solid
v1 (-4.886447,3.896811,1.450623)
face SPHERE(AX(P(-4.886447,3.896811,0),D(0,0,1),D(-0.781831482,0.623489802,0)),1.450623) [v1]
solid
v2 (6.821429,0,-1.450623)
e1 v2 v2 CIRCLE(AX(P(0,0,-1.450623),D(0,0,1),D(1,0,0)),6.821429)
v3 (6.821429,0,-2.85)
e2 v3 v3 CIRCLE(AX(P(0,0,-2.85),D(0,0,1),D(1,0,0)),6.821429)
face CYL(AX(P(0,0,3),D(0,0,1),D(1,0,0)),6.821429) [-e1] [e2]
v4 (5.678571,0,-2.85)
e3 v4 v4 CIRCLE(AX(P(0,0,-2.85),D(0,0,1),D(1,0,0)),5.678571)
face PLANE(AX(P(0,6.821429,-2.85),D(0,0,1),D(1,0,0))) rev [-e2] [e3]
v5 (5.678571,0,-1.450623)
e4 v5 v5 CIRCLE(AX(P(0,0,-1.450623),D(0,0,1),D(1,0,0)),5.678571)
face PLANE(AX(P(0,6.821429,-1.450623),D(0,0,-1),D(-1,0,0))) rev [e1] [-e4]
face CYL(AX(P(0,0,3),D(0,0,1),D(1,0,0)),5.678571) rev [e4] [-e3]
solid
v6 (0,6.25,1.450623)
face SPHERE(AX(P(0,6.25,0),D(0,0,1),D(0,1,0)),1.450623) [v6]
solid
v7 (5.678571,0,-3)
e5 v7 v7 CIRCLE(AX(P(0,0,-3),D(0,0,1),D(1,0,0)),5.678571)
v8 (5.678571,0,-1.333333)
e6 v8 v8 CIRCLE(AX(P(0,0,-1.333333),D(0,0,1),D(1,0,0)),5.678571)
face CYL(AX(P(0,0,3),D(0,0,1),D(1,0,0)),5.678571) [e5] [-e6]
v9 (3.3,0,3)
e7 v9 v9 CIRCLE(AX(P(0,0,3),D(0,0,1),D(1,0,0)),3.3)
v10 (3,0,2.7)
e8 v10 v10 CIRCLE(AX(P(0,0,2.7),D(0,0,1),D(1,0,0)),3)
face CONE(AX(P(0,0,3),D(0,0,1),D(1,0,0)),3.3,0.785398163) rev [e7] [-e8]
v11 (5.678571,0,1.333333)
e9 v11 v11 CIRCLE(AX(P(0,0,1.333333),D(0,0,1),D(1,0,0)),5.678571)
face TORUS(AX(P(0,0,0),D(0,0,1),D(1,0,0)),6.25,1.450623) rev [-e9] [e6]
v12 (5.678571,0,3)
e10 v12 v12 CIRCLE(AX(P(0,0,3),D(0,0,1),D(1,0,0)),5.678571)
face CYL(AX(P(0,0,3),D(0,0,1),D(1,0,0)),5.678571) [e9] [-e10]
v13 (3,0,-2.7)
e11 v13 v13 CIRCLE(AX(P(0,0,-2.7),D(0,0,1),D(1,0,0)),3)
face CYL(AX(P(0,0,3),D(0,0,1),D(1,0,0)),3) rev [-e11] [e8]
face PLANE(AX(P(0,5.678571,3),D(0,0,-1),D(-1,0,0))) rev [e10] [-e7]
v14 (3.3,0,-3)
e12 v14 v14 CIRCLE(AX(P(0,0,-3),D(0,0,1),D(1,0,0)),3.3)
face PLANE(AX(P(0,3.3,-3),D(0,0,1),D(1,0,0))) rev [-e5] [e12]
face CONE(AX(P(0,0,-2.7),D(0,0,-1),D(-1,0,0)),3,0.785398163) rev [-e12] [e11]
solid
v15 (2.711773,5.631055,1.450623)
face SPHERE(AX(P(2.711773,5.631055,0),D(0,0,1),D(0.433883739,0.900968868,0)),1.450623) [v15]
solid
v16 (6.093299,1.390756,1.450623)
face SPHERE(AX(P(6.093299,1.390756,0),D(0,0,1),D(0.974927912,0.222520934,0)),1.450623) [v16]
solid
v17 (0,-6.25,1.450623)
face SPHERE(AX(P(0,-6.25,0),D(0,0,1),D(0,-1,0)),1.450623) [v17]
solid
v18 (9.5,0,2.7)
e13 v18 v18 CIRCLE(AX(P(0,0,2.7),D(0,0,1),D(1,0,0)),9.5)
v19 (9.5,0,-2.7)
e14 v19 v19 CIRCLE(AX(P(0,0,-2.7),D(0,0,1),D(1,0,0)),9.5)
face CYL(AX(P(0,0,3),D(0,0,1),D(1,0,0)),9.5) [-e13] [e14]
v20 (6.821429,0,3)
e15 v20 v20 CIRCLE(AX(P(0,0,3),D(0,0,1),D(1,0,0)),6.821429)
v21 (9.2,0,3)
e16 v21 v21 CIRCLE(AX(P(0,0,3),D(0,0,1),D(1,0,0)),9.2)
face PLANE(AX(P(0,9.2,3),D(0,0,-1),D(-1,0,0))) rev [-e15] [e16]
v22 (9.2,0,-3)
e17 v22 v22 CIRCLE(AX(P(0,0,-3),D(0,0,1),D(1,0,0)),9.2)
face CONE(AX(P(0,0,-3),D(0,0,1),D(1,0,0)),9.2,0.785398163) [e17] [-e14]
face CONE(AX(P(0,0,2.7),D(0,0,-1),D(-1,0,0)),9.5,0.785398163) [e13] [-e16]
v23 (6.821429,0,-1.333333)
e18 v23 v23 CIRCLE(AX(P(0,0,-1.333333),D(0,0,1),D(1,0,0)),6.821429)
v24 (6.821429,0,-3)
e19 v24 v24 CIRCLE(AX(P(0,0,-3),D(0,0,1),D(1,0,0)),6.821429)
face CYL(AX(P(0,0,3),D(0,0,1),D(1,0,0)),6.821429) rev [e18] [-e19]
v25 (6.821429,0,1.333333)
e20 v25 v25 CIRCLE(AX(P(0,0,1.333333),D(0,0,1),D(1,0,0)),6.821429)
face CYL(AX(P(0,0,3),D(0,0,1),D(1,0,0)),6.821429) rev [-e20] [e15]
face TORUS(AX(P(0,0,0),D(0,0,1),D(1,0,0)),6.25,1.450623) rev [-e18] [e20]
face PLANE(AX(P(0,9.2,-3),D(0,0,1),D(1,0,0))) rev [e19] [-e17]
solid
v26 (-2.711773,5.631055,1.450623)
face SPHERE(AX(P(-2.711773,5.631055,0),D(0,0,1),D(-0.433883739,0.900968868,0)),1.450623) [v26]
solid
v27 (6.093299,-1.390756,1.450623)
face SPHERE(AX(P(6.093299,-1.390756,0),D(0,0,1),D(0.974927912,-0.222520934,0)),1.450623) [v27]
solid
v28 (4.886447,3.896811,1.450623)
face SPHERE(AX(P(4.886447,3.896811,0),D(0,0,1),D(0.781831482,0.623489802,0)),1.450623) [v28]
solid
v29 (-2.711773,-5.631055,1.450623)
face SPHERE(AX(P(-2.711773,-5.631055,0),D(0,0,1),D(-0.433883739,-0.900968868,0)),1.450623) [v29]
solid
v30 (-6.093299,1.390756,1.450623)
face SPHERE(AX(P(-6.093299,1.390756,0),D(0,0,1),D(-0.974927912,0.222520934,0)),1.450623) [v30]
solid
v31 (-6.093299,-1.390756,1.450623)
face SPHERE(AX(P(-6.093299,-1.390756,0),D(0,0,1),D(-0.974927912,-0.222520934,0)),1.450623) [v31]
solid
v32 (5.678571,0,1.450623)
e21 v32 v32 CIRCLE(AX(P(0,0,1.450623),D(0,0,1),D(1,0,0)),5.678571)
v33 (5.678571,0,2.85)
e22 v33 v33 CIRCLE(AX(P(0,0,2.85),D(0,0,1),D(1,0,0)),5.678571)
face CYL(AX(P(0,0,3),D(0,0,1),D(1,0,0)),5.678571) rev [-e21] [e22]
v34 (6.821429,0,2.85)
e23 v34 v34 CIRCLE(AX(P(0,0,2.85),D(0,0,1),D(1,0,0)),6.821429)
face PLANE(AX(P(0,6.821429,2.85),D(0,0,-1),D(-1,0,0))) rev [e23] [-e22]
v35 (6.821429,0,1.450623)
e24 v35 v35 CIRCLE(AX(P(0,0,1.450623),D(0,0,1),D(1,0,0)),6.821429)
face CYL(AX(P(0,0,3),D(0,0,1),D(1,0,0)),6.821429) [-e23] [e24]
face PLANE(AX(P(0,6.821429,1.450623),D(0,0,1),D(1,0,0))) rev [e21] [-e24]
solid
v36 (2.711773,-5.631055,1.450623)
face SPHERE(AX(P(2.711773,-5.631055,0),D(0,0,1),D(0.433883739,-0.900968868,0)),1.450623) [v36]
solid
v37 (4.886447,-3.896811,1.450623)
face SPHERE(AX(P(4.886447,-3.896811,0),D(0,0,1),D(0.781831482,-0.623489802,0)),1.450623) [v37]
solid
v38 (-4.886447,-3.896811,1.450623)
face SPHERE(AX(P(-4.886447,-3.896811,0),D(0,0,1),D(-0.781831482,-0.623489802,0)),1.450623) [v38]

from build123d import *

# Parameters (mm, degrees)
CIRPATTERN1_COUNT = 14
SKETCH6_W         = 1.399376551
SKETCH6_H         = 1.142857142


with BuildPart() as part:
    # Sketch1 → Revolve1 (revolve)
    with BuildSketch(Plane(origin=(0, 0, 0), x_dir=(0, 0, -1), z_dir=(1, 0, 0))):
        with BuildLine():
            Line((2.7, 9.5), (-2.7, 9.5))
            Line((-2.7, 9.5), (-3, 9.2))
            Line((-3, 9.2), (-3, 6.821428571))
            Line((-3, 6.821428571), (-1.333333333, 6.821428571))
            ThreePointArc((-1.333333333, 6.821428571), (0, 7.700623449), (1.333333333, 6.821428571))
            Line((1.333333333, 6.821428571), (3, 6.821428571))
            Line((3, 6.821428571), (3, 9.2))
            Line((3, 9.2), (2.7, 9.5))
        make_face()
    revolve(axis=Axis((0, 0, 3), (0, 0, -1)))


with BuildPart() as body_2:
    # Sketch3 → Revolve3 (revolve)
    with BuildSketch(Plane(origin=(0, 0, 0), x_dir=(0, 0, -1), z_dir=(1, 0, 0))):
        with BuildLine():
            Line((-3, 5.678571429), (-1.333333333, 5.678571429))
            ThreePointArc((-1.333333333, 5.678571429), (0, 4.799376551), (1.333333333, 5.678571429))
            Line((1.333333333, 5.678571429), (3, 5.678571429))
            Line((3, 5.678571429), (3, 3.3))
            Line((3, 3.3), (2.7, 3))
            Line((2.7, 3), (-2.7, 3))
            Line((-2.7, 3), (-3, 3.3))
            Line((-3, 3.3), (-3, 5.678571429))
        make_face()
    revolve(axis=Axis((0, 0, 3), (0, 0, -1)))


with BuildPart() as body_3:
    # Sketch4 → Revolve4 (revolve)
    with BuildSketch(Plane(origin=(0, 0, 0), x_dir=(0, 0, -1), z_dir=(1, 0, 0))):
        with BuildLine():
            Line((-1.450623449, 6.25), (1.450623449, 6.25))
            ThreePointArc((1.450623449, 6.25), (0, 7.700623449), (-1.450623449, 6.25))
        make_face()
    revolve(axis=Axis((0, 6.25, 1.450623449), (0, 0, -1)))


with BuildPart() as cirpattern1_1:
    # CirPattern1: pattern copy
    add(body_3.part.rotate(Axis((0, 0, -3), (0, 0, 1)), 1 * 360 / CIRPATTERN1_COUNT))


with BuildPart() as cirpattern1_2:
    # CirPattern1: pattern copy
    add(body_3.part.rotate(Axis((0, 0, -3), (0, 0, 1)), 2 * 360 / CIRPATTERN1_COUNT))


with BuildPart() as cirpattern1_3:
    # CirPattern1: pattern copy
    add(body_3.part.rotate(Axis((0, 0, -3), (0, 0, 1)), 3 * 360 / CIRPATTERN1_COUNT))


with BuildPart() as cirpattern1_4:
    # CirPattern1: pattern copy
    add(body_3.part.rotate(Axis((0, 0, -3), (0, 0, 1)), 4 * 360 / CIRPATTERN1_COUNT))


with BuildPart() as cirpattern1_5:
    # CirPattern1: pattern copy
    add(body_3.part.rotate(Axis((0, 0, -3), (0, 0, 1)), 5 * 360 / CIRPATTERN1_COUNT))


with BuildPart() as cirpattern1_6:
    # CirPattern1: pattern copy
    add(body_3.part.rotate(Axis((0, 0, -3), (0, 0, 1)), 6 * 360 / CIRPATTERN1_COUNT))


with BuildPart() as cirpattern1_7:
    # CirPattern1: pattern copy
    add(body_3.part.rotate(Axis((0, 0, -3), (0, 0, 1)), 7 * 360 / CIRPATTERN1_COUNT))


with BuildPart() as cirpattern1_8:
    # CirPattern1: pattern copy
    add(body_3.part.rotate(Axis((0, 0, -3), (0, 0, 1)), 8 * 360 / CIRPATTERN1_COUNT))


with BuildPart() as cirpattern1_9:
    # CirPattern1: pattern copy
    add(body_3.part.rotate(Axis((0, 0, -3), (0, 0, 1)), 9 * 360 / CIRPATTERN1_COUNT))


with BuildPart() as cirpattern1_10:
    # CirPattern1: pattern copy
    add(body_3.part.rotate(Axis((0, 0, -3), (0, 0, 1)), 10 * 360 / CIRPATTERN1_COUNT))


with BuildPart() as cirpattern1_11:
    # CirPattern1: pattern copy
    add(body_3.part.rotate(Axis((0, 0, -3), (0, 0, 1)), 11 * 360 / CIRPATTERN1_COUNT))


with BuildPart() as cirpattern1_12:
    # CirPattern1: pattern copy
    add(body_3.part.rotate(Axis((0, 0, -3), (0, 0, 1)), 12 * 360 / CIRPATTERN1_COUNT))


with BuildPart() as cirpattern1_13:
    # CirPattern1: pattern copy
    add(body_3.part.rotate(Axis((0, 0, -3), (0, 0, 1)), 13 * 360 / CIRPATTERN1_COUNT))


with BuildPart() as body_17:
    # Sketch6 → Revolve5 (revolve)
    with BuildSketch(Plane(origin=(0, 0, 0), x_dir=(0, 0, -1), z_dir=(1, 0, 0))):
        with Locations((-2.150311724, 6.25)):
            Rectangle(SKETCH6_W, SKETCH6_H)
        with Locations((2.150311724, 6.25)):
            Rectangle(SKETCH6_W, SKETCH6_H)
    revolve(axis=Axis((0, 0, 3), (0, 0, -1)))


solid = Compound([part.part, body_2.part, body_3.part, cirpattern1_1.part, cirpattern1_2.part, cirpattern1_3.part, cirpattern1_4.part, cirpattern1_5.part, cirpattern1_6.part, cirpattern1_7.part, cirpattern1_8.part, cirpattern1_9.part, cirpattern1_10.part, cirpattern1_11.part, cirpattern1_12.part, cirpattern1_13.part, body_17.part])
